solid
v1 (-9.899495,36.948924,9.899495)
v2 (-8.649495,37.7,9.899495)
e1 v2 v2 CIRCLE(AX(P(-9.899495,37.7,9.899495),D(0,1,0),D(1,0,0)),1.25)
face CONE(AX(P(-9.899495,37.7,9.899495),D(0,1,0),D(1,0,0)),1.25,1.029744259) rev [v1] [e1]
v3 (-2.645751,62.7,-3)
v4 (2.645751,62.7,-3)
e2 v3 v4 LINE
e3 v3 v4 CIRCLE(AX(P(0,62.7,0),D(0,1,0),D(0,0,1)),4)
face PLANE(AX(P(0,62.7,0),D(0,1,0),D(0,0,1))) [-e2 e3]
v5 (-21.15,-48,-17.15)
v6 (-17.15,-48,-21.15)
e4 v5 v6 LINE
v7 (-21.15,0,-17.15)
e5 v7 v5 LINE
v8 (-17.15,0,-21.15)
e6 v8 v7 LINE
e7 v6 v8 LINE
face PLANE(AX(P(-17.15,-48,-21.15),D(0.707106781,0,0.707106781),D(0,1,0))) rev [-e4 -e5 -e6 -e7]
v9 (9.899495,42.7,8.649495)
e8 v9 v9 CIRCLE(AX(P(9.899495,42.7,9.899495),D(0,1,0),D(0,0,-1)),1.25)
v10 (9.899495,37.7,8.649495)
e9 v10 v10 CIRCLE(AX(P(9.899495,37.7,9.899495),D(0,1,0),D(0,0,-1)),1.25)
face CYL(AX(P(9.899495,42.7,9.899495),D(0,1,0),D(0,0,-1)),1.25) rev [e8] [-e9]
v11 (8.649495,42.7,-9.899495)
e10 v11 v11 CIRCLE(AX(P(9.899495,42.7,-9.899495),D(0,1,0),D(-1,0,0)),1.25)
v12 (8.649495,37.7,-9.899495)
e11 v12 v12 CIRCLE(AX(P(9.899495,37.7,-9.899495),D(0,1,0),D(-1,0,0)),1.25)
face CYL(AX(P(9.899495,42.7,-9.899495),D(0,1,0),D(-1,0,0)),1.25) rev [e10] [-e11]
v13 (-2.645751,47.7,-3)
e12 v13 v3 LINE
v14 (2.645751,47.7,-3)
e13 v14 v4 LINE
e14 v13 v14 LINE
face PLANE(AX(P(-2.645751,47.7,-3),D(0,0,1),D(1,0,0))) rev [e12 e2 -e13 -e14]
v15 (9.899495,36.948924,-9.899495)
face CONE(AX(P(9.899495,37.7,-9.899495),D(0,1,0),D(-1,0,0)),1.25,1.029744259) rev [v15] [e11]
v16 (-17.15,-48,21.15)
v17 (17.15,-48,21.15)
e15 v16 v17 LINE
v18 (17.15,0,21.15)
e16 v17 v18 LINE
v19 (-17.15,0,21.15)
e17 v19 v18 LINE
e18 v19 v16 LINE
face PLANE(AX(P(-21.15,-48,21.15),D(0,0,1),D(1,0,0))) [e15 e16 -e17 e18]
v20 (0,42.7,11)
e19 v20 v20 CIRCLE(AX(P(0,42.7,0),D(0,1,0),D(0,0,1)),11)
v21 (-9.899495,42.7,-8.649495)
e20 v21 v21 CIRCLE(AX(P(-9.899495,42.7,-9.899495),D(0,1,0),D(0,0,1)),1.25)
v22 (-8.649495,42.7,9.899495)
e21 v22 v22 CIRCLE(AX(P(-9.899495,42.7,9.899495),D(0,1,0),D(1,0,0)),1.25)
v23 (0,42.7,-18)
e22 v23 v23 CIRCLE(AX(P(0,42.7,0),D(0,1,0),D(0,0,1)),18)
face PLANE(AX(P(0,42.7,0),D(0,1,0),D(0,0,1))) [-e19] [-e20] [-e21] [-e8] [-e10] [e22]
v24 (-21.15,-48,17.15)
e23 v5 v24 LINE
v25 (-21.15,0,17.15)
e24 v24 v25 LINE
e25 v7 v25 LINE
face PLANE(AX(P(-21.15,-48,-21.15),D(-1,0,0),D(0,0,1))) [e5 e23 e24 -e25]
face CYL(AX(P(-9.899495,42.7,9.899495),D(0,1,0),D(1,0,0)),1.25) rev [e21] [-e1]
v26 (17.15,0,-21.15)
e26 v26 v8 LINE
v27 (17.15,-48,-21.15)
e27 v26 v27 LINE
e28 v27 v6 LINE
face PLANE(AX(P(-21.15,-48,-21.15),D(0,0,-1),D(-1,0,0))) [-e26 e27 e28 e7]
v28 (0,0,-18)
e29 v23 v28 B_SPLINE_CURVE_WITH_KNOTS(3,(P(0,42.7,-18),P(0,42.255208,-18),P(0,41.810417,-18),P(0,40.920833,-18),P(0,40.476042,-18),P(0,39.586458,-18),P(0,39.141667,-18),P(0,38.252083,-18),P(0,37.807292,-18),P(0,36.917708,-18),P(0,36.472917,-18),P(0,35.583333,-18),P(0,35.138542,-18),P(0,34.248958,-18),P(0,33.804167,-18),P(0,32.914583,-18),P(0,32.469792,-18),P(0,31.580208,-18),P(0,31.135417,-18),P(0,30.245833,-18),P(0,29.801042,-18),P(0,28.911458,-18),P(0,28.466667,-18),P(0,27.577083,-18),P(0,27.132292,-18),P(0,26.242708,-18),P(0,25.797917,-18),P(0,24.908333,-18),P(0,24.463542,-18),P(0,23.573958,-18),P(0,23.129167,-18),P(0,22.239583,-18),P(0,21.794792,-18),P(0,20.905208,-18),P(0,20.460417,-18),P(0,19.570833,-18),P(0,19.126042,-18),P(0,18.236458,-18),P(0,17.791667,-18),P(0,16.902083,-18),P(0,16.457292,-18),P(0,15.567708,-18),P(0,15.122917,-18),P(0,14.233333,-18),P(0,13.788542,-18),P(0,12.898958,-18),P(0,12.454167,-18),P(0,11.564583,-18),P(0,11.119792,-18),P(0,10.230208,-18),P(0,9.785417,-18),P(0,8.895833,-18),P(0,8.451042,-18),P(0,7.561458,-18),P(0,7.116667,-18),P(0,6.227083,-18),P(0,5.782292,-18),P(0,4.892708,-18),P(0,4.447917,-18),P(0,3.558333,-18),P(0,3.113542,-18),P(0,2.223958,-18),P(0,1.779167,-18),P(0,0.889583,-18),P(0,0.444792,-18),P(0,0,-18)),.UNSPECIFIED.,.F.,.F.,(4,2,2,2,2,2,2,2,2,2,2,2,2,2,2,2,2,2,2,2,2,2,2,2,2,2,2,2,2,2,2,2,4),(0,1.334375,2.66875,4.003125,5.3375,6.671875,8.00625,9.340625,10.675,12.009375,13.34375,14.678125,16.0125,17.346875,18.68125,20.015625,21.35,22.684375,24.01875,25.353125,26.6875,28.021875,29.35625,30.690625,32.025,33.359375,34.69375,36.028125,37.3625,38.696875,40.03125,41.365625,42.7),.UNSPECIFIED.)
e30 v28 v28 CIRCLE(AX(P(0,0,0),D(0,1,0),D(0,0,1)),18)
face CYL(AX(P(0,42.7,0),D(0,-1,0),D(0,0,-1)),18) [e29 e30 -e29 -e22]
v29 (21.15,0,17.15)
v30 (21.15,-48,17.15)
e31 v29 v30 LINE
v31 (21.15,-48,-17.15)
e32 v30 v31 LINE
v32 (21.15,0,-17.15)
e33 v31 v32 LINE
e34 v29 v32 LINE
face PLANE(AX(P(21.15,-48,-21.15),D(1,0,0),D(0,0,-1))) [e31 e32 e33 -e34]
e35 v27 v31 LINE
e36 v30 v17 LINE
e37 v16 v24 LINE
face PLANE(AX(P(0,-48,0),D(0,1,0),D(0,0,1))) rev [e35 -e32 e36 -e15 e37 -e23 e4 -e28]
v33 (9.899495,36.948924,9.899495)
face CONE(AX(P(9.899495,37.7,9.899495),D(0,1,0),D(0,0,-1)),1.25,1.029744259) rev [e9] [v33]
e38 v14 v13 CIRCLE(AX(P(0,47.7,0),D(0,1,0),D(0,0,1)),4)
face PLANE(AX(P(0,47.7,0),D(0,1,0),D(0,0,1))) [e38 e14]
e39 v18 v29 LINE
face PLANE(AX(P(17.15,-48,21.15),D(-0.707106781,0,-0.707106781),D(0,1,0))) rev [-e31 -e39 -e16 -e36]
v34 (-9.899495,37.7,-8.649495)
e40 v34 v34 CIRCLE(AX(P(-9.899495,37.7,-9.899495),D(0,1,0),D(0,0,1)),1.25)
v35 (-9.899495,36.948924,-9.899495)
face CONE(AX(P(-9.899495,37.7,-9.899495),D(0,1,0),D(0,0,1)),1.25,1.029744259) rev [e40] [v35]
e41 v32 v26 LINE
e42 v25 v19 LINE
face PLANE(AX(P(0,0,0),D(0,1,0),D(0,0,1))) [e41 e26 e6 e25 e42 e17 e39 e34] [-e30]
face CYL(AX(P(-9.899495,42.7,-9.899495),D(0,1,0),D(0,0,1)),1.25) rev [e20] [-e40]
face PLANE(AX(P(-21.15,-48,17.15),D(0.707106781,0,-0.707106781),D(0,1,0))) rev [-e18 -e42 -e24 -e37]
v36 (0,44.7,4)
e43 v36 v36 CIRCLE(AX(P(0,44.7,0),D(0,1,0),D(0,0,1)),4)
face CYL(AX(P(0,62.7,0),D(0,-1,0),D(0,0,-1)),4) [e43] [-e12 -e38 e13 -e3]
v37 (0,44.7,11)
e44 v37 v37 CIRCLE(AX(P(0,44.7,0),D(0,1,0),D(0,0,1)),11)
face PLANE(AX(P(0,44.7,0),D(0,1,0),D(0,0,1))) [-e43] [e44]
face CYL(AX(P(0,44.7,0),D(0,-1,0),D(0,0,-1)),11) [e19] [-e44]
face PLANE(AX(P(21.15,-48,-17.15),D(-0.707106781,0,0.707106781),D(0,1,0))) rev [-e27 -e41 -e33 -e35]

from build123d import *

# Parameters (mm, degrees)
ESQUISSE1_W                  = 42.3
ESQUISSE1_H                  = 42.3
MOTEUR_DEPTH                 = 48
CHANFREIN1_SIZE              = 4
ESQUISSE2_R                  = 18
BOSS_EXTRU_2_DEPTH           = 42.7
ESQUISSE3_R                  = 11
BOSS_EXTRU_3_DEPTH           = 2
ESQUISSE4_R                  = 4
BOSS_EXTRU_4_DEPTH           = 18
ESQUISSE5_W                  = 5.291502622
ESQUISSE5_H                  = 1
ENL_V_MAT_EXTRU_1_DEPTH      = 15
R_P_TITION_CIRCULAIRE1_COUNT = 4


with BuildPart() as part:
    # Esquisse1 → Moteur (new body)
    with BuildSketch(Plane(origin=(0, 0, 0), x_dir=(1, 0, 0), z_dir=(0, 1, 0))):
        Rectangle(ESQUISSE1_W, ESQUISSE1_H)
    extrude(amount=-MOTEUR_DEPTH)

    # Chanfrein1
    chanfrein1_edges = [part.edges().sort_by_distance(p)[0] for p in [
        (21.15, -24, -21.15),
        (-21.15, -24, -21.15),
        (-21.15, -24, 21.15),
        (21.15, -24, 21.15),
    ]]
    chamfer(chanfrein1_edges, length=CHANFREIN1_SIZE)

    # Esquisse2 → Boss.-Extru.2 (add)
    with BuildSketch(Plane(origin=(0, 0, 0), x_dir=(1, 0, 0), z_dir=(0, 1, 0))):
        Circle(ESQUISSE2_R)
    extrude(amount=BOSS_EXTRU_2_DEPTH)

    # Esquisse3 → Boss.-Extru.3 (add)
    with BuildSketch(Plane(origin=(0, 42.7, 0), x_dir=(1, 0, 0), z_dir=(0, 1, 0))):
        Circle(ESQUISSE3_R)
    extrude(amount=BOSS_EXTRU_3_DEPTH)

    # Esquisse4 → Boss.-Extru.4 (add)
    with BuildSketch(Plane(origin=(0, 44.7, 0), x_dir=(1, 0, 0), z_dir=(0, 1, 0))):
        Circle(ESQUISSE4_R)
    extrude(amount=BOSS_EXTRU_4_DEPTH)

    # Esquisse5 → Enlèv. mat.-Extru.1 (cut)
    with BuildSketch(Plane(origin=(0, 62.7, 0), x_dir=(1, 0, 0), z_dir=(0, 1, 0))):
        with Locations((0, 3.5)):
            Rectangle(ESQUISSE5_W, ESQUISSE5_H)
    extrude(amount=-ENL_V_MAT_EXTRU_1_DEPTH, mode=Mode.SUBTRACT)

    # Esquisse7 → Trou pour taraudage pour trou taraudé M3x0.51 (revolve, cut)
    with BuildSketch(Plane(origin=(-9.899494937, 42.7, -9.899494937), x_dir=(0, 0, 1), z_dir=(1, 0, 0))):
        Polygon((0, 0), (0, 5.751075774), (1.25, 5), (1.25, 0), align=None)
    trou_pour_taraudage_pour_trou_taraud_m3 = revolve(axis=Axis((-9.899494937, 49.05, -9.899494937), (0, -1, 0)), mode=Mode.SUBTRACT)

    # Répétition circulaire1: Trou pour taraudage pour trou taraudé M3x0.51 ×4 about axis
    r_p_tition_circulaire1_axis = Axis((0, 69.927993494, 0), (0, -1, 0))
    for i in range(1, R_P_TITION_CIRCULAIRE1_COUNT):
        add(trou_pour_taraudage_pour_trou_taraud_m3.rotate(r_p_tition_circulaire1_axis, i * 360 / R_P_TITION_CIRCULAIRE1_COUNT), mode=Mode.SUBTRACT)


solid = part.part
